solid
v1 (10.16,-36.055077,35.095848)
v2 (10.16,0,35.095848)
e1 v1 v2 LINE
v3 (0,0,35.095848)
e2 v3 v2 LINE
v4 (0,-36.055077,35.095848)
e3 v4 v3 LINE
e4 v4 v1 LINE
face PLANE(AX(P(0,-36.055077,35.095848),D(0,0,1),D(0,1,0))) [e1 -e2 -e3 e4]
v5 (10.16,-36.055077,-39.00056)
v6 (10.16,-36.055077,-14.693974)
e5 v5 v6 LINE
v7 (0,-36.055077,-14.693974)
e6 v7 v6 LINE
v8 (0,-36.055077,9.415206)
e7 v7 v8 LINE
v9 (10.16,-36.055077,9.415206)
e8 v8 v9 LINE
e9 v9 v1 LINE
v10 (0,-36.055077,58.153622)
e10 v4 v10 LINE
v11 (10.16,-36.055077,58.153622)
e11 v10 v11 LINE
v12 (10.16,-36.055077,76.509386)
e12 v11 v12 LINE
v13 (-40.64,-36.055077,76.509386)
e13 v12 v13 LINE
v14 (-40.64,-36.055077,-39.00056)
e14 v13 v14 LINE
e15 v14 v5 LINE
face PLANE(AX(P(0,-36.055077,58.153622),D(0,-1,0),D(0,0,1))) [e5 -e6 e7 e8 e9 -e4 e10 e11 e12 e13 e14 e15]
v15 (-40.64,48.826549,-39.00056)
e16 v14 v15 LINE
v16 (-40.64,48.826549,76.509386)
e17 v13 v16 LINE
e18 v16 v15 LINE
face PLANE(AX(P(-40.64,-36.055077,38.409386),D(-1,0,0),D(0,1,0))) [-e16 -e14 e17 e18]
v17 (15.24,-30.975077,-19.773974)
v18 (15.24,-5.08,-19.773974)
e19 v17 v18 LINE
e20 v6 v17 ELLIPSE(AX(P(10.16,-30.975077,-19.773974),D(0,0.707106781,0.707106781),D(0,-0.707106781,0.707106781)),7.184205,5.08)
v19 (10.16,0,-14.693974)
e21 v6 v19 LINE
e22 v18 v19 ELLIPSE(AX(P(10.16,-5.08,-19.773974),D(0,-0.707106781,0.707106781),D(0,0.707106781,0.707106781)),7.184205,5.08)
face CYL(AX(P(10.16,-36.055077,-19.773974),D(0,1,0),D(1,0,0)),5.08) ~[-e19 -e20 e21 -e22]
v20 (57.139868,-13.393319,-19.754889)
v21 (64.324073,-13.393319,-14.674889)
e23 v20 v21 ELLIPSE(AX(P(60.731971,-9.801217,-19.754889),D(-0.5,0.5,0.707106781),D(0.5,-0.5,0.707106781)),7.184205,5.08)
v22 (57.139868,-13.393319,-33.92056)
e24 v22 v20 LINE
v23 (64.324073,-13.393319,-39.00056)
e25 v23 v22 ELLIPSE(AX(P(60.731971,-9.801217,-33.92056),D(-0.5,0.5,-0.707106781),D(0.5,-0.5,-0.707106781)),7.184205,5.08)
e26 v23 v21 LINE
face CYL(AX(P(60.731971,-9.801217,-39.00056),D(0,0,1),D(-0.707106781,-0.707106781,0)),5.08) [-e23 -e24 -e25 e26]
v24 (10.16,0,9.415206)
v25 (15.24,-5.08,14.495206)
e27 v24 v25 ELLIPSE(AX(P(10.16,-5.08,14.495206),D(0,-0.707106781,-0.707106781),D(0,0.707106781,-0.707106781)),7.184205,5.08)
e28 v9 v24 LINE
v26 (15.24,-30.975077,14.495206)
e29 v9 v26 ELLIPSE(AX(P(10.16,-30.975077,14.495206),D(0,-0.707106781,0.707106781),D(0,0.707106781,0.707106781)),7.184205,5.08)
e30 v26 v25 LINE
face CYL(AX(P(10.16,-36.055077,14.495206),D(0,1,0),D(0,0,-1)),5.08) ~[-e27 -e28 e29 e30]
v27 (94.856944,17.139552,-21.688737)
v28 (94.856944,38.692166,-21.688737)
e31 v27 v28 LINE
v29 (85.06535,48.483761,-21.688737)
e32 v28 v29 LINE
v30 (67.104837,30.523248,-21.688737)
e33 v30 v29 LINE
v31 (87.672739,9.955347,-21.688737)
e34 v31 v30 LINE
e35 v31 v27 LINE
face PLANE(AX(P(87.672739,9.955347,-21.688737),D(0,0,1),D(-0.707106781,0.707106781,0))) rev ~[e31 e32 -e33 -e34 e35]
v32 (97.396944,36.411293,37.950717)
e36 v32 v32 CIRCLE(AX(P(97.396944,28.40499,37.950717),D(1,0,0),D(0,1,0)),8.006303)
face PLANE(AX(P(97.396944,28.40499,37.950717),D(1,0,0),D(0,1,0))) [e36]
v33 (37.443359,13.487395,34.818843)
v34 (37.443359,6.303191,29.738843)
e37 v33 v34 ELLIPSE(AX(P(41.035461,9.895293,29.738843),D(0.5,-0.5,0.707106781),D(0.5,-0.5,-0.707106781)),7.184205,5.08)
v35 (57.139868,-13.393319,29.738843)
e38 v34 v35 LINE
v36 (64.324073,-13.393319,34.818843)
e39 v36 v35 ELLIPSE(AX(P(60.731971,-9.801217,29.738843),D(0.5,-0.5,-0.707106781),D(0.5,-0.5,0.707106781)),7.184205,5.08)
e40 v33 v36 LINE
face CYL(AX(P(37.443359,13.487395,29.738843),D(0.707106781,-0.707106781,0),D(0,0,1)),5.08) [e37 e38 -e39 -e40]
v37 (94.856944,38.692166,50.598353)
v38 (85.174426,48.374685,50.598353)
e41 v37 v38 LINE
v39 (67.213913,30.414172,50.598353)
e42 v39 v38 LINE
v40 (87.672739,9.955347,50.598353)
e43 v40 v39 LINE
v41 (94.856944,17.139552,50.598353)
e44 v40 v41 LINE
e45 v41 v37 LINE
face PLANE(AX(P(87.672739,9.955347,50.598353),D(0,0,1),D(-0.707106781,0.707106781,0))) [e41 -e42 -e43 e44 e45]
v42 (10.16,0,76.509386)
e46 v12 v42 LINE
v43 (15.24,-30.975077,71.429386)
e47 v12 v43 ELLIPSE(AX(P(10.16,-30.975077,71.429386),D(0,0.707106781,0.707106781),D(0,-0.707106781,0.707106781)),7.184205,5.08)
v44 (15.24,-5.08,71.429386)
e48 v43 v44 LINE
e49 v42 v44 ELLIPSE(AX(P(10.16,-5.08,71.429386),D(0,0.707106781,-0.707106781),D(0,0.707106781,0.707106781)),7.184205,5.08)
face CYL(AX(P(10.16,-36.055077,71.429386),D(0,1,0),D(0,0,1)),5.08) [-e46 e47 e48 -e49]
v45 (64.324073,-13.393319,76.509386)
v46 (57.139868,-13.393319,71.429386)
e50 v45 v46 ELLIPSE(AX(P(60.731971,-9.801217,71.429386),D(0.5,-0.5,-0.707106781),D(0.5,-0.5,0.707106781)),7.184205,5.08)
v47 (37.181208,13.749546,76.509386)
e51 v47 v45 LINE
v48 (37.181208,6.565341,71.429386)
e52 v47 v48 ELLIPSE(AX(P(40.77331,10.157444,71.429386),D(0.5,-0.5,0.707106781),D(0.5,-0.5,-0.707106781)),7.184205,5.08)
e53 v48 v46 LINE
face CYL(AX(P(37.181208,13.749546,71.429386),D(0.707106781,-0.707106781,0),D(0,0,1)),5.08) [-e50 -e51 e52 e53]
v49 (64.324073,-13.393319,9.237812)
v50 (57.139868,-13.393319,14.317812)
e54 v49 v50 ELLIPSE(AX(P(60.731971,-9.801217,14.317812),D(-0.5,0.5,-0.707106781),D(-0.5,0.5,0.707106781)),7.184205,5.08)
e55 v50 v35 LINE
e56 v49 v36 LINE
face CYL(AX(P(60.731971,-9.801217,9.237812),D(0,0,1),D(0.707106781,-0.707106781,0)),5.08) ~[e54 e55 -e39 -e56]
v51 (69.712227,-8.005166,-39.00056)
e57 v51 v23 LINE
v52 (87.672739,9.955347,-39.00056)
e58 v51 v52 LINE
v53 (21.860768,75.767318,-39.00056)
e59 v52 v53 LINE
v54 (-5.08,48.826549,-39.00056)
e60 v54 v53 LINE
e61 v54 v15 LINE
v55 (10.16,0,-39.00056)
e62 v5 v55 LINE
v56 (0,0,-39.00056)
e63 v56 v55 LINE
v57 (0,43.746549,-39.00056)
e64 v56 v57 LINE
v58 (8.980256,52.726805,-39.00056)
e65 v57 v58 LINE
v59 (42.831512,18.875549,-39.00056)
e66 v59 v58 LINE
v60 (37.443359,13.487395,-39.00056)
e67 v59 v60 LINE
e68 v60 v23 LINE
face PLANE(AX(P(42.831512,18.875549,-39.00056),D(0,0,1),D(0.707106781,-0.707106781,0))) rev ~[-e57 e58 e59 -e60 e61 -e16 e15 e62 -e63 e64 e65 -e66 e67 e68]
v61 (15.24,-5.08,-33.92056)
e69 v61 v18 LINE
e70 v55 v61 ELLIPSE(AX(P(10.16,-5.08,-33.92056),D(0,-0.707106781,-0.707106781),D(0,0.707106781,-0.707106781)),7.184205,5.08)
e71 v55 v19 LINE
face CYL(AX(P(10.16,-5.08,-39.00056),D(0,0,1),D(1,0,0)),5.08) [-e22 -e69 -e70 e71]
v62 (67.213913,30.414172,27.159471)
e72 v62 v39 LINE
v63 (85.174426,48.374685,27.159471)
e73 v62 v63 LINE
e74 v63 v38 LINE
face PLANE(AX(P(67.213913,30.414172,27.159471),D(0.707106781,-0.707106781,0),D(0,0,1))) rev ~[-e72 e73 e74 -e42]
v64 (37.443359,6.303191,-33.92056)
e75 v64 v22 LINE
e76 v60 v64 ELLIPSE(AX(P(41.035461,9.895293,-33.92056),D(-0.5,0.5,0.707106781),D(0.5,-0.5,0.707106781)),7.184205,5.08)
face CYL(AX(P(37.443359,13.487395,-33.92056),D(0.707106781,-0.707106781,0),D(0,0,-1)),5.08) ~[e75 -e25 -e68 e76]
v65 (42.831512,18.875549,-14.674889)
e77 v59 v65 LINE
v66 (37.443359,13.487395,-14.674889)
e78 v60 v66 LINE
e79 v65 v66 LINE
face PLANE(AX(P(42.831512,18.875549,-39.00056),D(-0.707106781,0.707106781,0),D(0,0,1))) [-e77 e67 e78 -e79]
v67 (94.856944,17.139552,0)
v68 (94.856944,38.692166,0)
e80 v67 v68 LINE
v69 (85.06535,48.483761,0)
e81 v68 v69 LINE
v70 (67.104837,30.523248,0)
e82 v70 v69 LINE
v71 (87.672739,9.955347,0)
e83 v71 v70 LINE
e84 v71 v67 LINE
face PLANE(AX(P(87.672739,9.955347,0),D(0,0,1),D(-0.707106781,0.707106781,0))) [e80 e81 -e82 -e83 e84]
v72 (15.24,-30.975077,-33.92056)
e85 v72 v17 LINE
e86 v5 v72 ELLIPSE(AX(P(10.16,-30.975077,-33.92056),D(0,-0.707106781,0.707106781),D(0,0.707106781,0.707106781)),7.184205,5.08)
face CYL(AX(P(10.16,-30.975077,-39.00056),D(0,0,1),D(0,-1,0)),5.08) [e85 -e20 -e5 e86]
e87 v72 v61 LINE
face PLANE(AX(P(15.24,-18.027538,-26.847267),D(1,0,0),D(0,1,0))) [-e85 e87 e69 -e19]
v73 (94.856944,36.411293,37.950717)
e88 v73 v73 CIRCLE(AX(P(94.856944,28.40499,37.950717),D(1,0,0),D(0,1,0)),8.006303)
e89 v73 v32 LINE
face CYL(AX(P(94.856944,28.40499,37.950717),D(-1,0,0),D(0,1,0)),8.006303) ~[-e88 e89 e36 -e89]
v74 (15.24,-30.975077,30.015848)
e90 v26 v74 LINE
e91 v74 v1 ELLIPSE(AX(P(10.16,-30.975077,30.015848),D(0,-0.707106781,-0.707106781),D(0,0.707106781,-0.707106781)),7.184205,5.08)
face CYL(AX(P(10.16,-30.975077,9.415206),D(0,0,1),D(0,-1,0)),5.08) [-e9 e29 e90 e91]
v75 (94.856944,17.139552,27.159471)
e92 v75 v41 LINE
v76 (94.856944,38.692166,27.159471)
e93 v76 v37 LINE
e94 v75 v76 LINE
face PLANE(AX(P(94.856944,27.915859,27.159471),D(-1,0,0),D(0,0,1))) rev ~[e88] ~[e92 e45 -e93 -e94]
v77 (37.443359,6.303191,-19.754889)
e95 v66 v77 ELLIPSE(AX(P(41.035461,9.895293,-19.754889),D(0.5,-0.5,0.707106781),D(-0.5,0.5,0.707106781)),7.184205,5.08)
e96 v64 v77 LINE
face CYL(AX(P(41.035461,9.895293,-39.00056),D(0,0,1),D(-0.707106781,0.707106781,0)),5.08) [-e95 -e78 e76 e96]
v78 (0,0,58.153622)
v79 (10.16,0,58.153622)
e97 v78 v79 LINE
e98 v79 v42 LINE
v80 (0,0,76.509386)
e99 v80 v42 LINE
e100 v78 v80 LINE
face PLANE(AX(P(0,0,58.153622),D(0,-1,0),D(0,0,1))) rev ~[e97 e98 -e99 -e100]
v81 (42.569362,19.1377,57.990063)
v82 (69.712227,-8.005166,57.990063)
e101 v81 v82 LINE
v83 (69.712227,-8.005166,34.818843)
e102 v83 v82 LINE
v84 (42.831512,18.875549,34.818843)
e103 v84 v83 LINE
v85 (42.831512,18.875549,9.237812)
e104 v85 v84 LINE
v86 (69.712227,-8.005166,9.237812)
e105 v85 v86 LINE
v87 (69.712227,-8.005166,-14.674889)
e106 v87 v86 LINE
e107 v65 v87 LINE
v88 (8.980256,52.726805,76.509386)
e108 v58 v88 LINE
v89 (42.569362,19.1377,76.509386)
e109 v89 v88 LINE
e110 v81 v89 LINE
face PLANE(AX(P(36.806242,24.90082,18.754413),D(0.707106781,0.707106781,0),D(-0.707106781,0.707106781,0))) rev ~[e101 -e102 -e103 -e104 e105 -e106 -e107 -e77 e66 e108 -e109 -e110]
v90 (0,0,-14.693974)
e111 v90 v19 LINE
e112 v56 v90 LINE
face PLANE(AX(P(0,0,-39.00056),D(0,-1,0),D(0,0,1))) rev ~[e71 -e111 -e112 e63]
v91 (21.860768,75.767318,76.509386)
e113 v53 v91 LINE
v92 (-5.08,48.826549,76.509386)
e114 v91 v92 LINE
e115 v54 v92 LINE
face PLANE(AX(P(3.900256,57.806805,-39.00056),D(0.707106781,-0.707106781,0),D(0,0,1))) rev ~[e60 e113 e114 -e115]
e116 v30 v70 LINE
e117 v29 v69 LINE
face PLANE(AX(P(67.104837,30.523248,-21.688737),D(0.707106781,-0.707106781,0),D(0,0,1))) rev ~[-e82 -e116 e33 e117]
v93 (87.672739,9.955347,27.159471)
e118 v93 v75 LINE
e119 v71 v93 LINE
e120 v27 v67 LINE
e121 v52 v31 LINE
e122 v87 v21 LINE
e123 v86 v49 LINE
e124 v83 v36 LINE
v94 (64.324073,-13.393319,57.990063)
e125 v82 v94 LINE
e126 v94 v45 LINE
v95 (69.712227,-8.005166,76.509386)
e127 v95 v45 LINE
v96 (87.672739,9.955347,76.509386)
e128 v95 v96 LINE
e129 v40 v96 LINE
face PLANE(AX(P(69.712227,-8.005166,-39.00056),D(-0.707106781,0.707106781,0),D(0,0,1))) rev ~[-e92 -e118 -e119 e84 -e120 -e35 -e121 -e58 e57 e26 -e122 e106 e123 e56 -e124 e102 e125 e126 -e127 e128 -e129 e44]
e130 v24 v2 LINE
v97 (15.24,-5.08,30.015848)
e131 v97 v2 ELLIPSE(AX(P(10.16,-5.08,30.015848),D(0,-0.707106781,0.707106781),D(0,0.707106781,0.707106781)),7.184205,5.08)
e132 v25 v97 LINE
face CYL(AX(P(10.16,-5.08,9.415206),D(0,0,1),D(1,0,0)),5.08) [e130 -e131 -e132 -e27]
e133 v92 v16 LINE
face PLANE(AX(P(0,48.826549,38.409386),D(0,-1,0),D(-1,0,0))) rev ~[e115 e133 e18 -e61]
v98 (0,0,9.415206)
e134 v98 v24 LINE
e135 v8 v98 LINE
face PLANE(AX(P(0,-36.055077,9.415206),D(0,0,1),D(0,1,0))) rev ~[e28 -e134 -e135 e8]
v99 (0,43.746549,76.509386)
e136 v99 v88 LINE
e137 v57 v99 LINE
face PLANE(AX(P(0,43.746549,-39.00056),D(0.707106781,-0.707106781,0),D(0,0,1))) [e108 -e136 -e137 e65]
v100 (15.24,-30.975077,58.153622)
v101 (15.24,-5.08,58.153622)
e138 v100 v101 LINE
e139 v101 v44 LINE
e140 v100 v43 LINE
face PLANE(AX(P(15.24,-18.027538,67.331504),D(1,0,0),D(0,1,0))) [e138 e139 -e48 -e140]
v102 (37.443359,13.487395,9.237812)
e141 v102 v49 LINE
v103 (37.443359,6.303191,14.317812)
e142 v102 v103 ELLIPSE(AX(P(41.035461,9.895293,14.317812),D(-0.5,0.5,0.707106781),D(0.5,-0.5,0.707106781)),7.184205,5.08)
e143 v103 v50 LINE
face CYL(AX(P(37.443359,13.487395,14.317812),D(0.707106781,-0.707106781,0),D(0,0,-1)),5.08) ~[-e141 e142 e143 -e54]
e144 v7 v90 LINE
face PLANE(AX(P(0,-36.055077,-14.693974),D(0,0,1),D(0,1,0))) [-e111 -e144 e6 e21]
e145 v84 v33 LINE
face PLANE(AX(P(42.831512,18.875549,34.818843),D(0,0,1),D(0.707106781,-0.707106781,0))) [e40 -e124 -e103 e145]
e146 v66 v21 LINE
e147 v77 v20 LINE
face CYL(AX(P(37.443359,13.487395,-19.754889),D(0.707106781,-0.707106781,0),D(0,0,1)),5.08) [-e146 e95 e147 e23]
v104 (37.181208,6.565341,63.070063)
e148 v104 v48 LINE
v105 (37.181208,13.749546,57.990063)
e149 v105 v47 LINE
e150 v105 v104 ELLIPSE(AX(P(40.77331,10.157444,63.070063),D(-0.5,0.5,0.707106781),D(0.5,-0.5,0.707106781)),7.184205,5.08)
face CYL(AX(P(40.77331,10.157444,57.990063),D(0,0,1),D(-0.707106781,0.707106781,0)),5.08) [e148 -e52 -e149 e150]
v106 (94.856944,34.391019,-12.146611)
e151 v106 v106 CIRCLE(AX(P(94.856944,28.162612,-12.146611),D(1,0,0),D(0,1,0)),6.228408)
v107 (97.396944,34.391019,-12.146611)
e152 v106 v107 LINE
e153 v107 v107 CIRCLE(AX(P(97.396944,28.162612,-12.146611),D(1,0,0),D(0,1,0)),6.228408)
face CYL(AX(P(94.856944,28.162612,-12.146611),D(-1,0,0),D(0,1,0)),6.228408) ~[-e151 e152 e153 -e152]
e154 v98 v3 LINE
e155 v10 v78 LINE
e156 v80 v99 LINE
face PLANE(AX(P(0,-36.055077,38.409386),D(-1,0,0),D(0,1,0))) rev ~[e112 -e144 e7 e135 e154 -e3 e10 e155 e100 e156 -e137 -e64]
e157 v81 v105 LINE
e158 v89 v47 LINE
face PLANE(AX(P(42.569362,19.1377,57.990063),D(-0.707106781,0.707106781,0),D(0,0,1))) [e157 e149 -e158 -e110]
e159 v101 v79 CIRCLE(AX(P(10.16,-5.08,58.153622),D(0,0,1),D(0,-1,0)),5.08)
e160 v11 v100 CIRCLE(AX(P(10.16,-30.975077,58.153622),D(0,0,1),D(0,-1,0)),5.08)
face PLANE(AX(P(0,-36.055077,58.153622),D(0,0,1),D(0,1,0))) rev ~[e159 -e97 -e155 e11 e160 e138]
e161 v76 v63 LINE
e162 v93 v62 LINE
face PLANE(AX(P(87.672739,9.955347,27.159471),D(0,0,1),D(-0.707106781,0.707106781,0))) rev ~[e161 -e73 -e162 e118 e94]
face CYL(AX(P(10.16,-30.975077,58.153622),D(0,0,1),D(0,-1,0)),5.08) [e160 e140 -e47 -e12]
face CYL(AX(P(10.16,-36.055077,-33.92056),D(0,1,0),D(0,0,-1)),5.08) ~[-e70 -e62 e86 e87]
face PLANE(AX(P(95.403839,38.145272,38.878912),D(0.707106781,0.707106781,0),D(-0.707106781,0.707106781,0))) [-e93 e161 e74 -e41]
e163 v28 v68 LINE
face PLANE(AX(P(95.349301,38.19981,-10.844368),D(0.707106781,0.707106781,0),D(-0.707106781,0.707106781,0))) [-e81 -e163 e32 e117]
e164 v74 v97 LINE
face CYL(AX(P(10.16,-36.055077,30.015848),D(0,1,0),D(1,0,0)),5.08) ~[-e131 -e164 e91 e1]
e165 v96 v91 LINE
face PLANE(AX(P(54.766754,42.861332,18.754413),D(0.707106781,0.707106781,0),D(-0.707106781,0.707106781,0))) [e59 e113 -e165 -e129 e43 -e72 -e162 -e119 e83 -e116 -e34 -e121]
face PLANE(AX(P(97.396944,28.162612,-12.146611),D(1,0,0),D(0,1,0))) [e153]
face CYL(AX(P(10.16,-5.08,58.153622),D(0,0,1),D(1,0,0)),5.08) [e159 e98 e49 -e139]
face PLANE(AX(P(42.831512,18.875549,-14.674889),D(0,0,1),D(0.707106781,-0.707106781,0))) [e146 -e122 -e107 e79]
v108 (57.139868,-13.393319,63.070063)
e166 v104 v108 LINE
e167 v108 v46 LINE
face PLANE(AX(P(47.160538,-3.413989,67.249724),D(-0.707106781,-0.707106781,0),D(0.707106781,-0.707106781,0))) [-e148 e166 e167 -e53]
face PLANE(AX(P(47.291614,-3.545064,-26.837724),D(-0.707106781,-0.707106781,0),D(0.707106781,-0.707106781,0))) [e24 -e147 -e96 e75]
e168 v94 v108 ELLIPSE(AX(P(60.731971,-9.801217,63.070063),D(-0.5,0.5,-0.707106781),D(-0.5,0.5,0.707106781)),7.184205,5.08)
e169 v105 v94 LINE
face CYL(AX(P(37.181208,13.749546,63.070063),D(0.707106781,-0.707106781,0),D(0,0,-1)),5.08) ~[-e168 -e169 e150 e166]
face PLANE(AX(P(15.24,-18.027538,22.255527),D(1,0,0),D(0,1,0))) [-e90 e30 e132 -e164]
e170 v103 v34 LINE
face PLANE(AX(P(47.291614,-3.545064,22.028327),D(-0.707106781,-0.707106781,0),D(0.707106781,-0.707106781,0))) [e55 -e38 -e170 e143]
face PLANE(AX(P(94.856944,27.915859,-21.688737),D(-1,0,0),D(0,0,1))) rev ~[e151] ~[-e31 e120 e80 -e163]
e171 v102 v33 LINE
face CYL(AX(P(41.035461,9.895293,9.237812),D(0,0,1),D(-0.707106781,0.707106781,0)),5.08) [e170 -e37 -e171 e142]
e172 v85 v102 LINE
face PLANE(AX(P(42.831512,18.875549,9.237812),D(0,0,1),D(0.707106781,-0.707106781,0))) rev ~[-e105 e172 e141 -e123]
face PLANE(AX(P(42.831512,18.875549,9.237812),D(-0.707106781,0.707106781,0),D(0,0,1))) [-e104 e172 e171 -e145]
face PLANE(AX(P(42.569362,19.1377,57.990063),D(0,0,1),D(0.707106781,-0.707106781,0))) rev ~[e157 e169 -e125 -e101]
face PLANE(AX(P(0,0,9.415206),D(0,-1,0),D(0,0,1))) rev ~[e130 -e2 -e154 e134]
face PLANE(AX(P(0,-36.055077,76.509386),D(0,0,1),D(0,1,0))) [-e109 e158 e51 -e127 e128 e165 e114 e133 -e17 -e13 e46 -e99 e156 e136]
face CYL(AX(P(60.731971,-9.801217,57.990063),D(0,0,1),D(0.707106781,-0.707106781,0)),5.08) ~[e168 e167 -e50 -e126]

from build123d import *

# Parameters (mm, degrees)
F0_W      = 84.8816260695
F0_H      = 77.4099454284
F1_DEPTH  = 40.64
F2_DEPTH  = 38.1
F3_SIZE   = 5.08
F4_DEPTH  = 12.7
F5_W      = 93.0721817722
F5_H      = 115.5099454284
F6_DEPTH  = 25.4
F7_W      = 36.0550768673
F7_H      = 25.6806416437
F7_H_2    = 18.3557639778
F7_H_3    = 24.3065860122
F8_DEPTH  = 15.24
F9_W      = 38.0150713027
F9_H      = 24.3256706744
F9_H_2    = 25.5810311064
F9_W_2    = 38.3858084679
F9_H_3    = 18.5193228483
F10_DEPTH = 12.7
F11_R     = 5.08
F12_W     = 29.0874056518
F12_H     = 21.6887369752
F12_W_2   = 28.9331488311
F12_H_2   = 23.4388820827
F13_DEPTH = 25.4
F14_SIZE  = 15.24
F15_R     = 8.0063032483
F15_R_2   = 6.2284075283
F16_DEPTH = 2.54


with BuildPart() as f1:
    # F0 (on Right) → F1 (new body)
    with BuildSketch(Plane.YZ):
        with Locations((6.3857361674, -0.295586884)):
            Rectangle(F0_W, F0_H)
    extrude(amount=-F1_DEPTH)

    # F2 (add): a face of the model
    f2_faces = [f1.faces().sort_by_distance(p)[0] for p in [
        (-20.32, 6.3857361674, 38.4093858302),
    ]]
    extrude(f2_faces, amount=F2_DEPTH)

    # F3
    f3_edges = [f1.edges().sort_by_distance(p)[0] for p in [
        (0, 48.826549, 18.754413),
    ]]
    chamfer(f3_edges, length=F3_SIZE)

    # F4 (add): a face of the model
    f4_faces = [f1.faces().sort_by_distance(p)[0] for p in [
        (-2.54, 46.2865492022, 18.754413116),
    ]]
    extrude(f4_faces, amount=F4_DEPTH)

    # F5 (on face) → F6 (join)
    with BuildSketch(Plane(origin=(30.8535307222, 30.8535307222, 0), x_dir=(-0.7071067812, 0.7071067812, 0), z_dir=(0.7071067812, 0.7071067812, 0))):
        with Locations((-8.4184043949, 18.754413116)):
            Rectangle(F5_W, F5_H)
    extrude(amount=F6_DEPTH)

    # F7 (on face) → F8 (join)
    with BuildSketch(Plane.YZ):
        with Locations((-18.0275384337, 22.2555273212)):
            Rectangle(F7_W, F7_H)
        with Locations((-18.0275384337, 67.3315038413)):
            Rectangle(F7_W, F7_H_2)
        with Locations((-18.0275384337, -26.8472665921)):
            Rectangle(F7_W, F7_H_3)
    extrude(amount=F8_DEPTH)

    # F9 (on face) → F10 (join)
    with BuildSketch(Plane(origin=(30.8535307222, 30.8535307222, 0), x_dir=(0.7071067812, -0.7071067812, 0), z_dir=(-0.7071067812, -0.7071067812, 0))):
        with Locations((35.9469596297, -26.837724261)):
            Rectangle(F9_W, F9_H)
        with Locations((35.9469596297, 22.0283274539)):
            Rectangle(F9_W, F9_H_2)
        with Locations((35.761591047, 67.249724406)):
            Rectangle(F9_W_2, F9_H_3)
    extrude(amount=F10_DEPTH)

    # F11
    f11_edges = [f1.edges().sort_by_distance(p)[0] for p in [
        (15.24, -36.055077, 67.331504),
        (15.24, -18.027538, 76.509386),
        (15.24, 0, 67.331504),
        (15.24, -18.027538, 35.095848),
        (15.24, -36.055077, 22.255527),
        (15.24, -18.027538, 9.415206),
        (15.24, 0, 22.255527),
        (15.24, -36.055077, -26.847267),
        (15.24, -18.027538, -39.00056),
        (15.24, 0, -26.847267),
        (15.24, -18.027538, -14.693974),
        (60.731971, -16.985422, 67.249724),
        (47.160538, -3.413989, 76.509386),
        (33.589105, 10.157444, 67.249724),
        (47.160538, -3.413989, 57.990063),
        (60.731971, -16.985422, 22.028327),
        (47.291614, -3.545064, 34.818843),
        (33.851256, 9.895293, 22.028327),
        (47.291614, -3.545064, 9.237812),
        (33.851256, 9.895293, -26.837724),
        (47.291614, -3.545064, -39.00056),
        (60.731971, -16.985422, -26.837724),
        (47.291614, -3.545064, -14.674889),
    ]]
    fillet(f11_edges, radius=F11_R)

    # F12 (on face) → F13 (join)
    with BuildSketch(Plane(origin=(48.8140429643, 48.8140429643, 0), x_dir=(-0.7071067812, 0.7071067812, 0), z_dir=(0.7071067812, 0.7071067812, 0))):
        with Locations((-40.4107924551, -10.8443684876)):
            Rectangle(F12_W, F12_H)
        with Locations((-40.4879208654, 38.8789121062)):
            Rectangle(F12_W_2, F12_H_2)
    extrude(amount=F13_DEPTH)

    # F14
    f14_edges = [f1.edges().sort_by_distance(p)[0] for p in [
        (105.633251, 27.915859, 38.878912),
        (105.633251, 27.915859, -10.844368),
    ]]
    chamfer(f14_edges, length=F14_SIZE)

    # F15 (on face) → F16 (join)
    with BuildSketch(Plane.YZ.offset(94.856944131)):
        with Locations((28.4049902111, 37.9507169127)):
            Circle(F15_R)
        with Locations((28.1626116484, -12.1466107666)):
            Circle(F15_R_2)
    extrude(amount=F16_DEPTH)


solid = f1.part
